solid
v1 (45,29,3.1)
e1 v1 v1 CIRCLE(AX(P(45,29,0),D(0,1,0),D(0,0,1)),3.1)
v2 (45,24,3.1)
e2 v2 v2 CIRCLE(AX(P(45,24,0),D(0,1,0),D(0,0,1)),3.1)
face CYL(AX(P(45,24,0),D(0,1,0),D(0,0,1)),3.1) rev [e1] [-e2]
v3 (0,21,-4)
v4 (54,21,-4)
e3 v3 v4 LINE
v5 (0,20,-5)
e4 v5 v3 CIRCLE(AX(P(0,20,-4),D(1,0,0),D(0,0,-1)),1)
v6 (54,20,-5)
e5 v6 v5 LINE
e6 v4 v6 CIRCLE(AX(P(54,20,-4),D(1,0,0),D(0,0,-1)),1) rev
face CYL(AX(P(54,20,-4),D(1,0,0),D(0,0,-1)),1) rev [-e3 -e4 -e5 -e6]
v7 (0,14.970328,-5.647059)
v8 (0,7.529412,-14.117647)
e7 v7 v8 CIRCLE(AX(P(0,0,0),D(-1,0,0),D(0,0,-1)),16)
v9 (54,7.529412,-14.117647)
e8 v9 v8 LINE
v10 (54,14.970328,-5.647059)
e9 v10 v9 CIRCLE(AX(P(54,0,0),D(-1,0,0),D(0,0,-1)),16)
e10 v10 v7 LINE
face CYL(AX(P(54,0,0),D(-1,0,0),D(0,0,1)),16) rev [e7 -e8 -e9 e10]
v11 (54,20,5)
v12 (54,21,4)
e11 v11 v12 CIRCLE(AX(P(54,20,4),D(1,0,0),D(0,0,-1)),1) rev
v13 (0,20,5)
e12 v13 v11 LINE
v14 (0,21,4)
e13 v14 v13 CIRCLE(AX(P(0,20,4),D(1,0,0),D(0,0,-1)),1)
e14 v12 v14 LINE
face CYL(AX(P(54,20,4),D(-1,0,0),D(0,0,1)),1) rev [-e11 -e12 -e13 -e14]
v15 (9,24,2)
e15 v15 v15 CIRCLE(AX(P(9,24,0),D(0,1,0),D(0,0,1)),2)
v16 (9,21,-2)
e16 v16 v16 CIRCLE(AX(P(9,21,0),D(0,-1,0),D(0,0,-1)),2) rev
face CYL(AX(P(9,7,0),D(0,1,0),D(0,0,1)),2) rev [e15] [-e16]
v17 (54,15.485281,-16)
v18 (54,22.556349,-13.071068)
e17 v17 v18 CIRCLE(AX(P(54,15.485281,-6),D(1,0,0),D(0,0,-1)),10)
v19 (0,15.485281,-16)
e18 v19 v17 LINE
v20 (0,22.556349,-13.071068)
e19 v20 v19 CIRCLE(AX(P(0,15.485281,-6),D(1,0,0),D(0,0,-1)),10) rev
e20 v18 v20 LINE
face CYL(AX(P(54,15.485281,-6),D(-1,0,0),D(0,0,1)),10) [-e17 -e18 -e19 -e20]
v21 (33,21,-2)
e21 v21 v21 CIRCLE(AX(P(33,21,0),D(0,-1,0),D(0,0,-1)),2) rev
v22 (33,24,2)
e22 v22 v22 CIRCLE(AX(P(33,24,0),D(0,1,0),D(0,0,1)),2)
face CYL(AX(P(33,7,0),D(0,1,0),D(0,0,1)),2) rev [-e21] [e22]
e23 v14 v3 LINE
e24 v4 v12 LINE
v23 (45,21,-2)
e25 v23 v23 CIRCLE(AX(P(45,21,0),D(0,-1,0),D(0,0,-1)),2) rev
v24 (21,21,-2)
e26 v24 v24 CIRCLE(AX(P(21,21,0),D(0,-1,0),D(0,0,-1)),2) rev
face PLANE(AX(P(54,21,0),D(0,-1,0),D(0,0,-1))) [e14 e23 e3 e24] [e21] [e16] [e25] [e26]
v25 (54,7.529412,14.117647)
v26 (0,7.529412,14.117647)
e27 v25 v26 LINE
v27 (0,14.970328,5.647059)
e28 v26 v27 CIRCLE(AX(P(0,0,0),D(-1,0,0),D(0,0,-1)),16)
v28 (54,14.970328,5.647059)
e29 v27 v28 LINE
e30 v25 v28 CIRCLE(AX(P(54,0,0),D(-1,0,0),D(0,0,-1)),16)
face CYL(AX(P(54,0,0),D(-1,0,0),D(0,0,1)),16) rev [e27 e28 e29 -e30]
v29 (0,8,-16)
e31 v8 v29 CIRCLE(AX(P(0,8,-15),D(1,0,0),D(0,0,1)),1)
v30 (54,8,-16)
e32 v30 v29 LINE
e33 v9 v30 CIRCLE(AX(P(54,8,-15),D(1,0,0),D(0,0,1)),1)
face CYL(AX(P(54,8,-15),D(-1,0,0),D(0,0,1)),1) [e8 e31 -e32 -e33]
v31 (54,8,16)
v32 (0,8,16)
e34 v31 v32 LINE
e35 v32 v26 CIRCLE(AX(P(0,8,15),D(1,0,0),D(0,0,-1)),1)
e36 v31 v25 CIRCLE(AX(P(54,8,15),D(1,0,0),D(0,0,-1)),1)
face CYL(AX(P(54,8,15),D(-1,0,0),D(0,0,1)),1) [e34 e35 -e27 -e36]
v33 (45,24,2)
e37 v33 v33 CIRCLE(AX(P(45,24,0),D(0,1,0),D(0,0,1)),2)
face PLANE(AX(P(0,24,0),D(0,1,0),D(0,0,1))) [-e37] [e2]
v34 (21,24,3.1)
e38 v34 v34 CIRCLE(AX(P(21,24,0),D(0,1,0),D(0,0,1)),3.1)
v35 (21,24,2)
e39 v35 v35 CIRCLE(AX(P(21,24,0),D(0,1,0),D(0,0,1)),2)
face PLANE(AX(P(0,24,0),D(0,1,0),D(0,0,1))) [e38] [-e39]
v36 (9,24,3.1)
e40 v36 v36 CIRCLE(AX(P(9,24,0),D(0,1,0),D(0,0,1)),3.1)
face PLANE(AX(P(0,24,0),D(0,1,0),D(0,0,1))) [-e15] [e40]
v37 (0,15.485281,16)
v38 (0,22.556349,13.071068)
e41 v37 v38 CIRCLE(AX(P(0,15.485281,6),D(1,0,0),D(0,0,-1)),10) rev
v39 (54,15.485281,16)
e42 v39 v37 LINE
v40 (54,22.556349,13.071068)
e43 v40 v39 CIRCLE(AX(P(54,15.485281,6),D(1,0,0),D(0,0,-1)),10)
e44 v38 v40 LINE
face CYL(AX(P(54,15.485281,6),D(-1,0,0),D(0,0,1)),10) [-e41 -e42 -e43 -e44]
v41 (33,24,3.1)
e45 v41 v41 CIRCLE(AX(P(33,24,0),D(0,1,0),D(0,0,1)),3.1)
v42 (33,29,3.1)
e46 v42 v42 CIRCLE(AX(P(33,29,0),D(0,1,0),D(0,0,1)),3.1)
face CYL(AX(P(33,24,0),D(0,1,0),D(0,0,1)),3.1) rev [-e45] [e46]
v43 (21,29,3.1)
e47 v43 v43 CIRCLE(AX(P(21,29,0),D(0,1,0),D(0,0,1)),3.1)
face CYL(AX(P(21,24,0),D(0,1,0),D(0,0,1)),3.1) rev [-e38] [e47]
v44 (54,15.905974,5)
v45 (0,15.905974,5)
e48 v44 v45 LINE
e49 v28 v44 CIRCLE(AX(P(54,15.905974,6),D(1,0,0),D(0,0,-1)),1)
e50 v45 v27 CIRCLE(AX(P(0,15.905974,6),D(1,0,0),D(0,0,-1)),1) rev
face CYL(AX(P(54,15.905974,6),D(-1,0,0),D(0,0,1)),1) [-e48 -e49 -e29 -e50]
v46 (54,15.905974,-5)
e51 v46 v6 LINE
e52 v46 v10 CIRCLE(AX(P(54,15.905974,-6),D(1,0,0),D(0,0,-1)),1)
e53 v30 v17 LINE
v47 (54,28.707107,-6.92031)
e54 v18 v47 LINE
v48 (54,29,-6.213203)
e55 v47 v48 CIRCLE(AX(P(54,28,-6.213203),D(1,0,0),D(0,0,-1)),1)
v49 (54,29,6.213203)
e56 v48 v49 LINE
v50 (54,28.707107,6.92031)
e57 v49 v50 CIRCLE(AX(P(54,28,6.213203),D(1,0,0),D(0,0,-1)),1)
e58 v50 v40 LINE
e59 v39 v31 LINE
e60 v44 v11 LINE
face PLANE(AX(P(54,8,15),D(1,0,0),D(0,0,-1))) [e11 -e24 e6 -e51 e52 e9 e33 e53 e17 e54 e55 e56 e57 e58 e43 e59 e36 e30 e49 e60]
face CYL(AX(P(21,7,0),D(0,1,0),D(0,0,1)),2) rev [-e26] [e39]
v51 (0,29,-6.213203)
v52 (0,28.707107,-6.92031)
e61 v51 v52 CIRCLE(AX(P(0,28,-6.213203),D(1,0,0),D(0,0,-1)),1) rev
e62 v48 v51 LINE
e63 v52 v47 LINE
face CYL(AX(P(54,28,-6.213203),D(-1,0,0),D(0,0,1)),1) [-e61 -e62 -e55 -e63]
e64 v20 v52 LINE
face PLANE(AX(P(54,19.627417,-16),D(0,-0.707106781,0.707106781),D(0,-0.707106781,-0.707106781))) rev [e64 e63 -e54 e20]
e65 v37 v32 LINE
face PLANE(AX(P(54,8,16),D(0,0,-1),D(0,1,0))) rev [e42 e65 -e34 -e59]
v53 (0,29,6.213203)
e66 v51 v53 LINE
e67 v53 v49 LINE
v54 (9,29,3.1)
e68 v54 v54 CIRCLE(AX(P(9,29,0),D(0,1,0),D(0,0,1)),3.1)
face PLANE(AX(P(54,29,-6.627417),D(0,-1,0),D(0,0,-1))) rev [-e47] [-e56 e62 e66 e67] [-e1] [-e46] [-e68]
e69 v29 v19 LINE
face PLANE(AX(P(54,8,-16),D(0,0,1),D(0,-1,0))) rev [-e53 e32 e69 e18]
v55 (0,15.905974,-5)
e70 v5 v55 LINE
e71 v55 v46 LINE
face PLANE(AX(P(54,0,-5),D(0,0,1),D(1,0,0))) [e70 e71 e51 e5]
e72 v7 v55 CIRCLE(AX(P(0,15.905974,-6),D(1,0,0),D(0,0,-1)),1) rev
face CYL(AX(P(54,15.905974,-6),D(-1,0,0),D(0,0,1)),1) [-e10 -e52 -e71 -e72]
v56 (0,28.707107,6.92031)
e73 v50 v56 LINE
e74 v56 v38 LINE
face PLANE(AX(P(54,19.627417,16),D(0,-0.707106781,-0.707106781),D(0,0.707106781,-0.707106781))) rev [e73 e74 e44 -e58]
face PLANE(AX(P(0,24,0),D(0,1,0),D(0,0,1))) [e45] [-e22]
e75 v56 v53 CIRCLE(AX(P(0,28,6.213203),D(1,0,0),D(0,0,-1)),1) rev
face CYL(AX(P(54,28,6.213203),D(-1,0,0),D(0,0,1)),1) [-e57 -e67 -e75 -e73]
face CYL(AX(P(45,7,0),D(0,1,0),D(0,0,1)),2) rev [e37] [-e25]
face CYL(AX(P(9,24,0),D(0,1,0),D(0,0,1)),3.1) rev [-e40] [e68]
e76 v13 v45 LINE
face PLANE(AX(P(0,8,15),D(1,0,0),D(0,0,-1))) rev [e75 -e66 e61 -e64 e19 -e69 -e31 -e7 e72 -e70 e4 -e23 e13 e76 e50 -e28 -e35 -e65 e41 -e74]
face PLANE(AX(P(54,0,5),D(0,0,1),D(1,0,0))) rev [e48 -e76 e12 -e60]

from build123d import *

# Parameters (mm, degrees)
BOSS_EXTRUDE1_DEPTH     = 54
CUT_EXTRUDE1_DEPTH      = 61.464865831
CUT_EXTRUDE1_DEPTH_BACK = 61.464865831
SKETCH2_R               = 2
SKETCH2_4_R             = 3.1
SKETCH2_4_R_2           = 2
CUT_EXTRUDE2_DEPTH      = 5
CUT_EXTRUDE7_DEPTH      = 64.348243944
CUT_EXTRUDE7_DEPTH_BACK = 64.348243944
FILLET1_R               = 1
FILLET2_R               = 10


with BuildPart() as part:
    # Sketch1 → Boss-Extrude1 (new body)
    with BuildSketch(Plane(origin=(0, 0, 0), x_dir=(0, 0, -1), z_dir=(1, 0, 0))):
        with BuildLine():
            Line((16, 8), (16, 19.627416998))
            Line((16, 19.627416998), (6.627416998, 29))
            Line((6.627416998, 29), (-6.627416998, 29))
            Line((-6.627416998, 29), (-16, 19.627416998))
            Line((-16, 19.627416998), (-16, 8))
            ThreePointArc((-16, 8), (-15.242535625, 7.0298575), (-14.117647059, 7.529411765))
            ThreePointArc((-14.117647059, 7.529411765), (0, 16), (14.117647059, 7.529411765))
            ThreePointArc((14.117647059, 7.529411765), (15.242535625, 7.0298575), (16, 8))
        make_face()
    extrude(amount=BOSS_EXTRUDE1_DEPTH)

    # Sketch2 → Cut-Extrude1 (cut, two sides: drawn at the far end of the back side and taken through both)
    with BuildSketch(Plane(origin=(0, 29, 0), x_dir=(1, 0, 0), z_dir=(0, 1, 0)).offset(-CUT_EXTRUDE1_DEPTH_BACK)):
        with Locations((9, 0)):
            Circle(SKETCH2_R)
        with Locations((21, 0)):
            Circle(SKETCH2_R)
        with Locations((33, 0)):
            Circle(SKETCH2_R)
        with Locations((45, 0)):
            Circle(SKETCH2_R)
    extrude(amount=CUT_EXTRUDE1_DEPTH + CUT_EXTRUDE1_DEPTH_BACK, mode=Mode.SUBTRACT)

    # Sketch2<4> → Cut-Extrude2 (cut)
    # profile 1 of 4: a face of its own
    with BuildSketch(Plane(origin=(0, 29, 0), x_dir=(1, 0, 0), z_dir=(0, 1, 0))):
        with Locations((9, 0)):
            Circle(SKETCH2_4_R)
        with Locations((9, 0)):
            Circle(SKETCH2_4_R_2, mode=Mode.SUBTRACT)
    # profile 2 of 4: a face of its own
    with BuildSketch(Plane(origin=(0, 29, 0), x_dir=(1, 0, 0), z_dir=(0, 1, 0))):
        with Locations((21, 0)):
            Circle(SKETCH2_4_R)
        with Locations((21, 0)):
            Circle(SKETCH2_4_R_2, mode=Mode.SUBTRACT)
    # profile 3 of 4: a face of its own
    with BuildSketch(Plane(origin=(0, 29, 0), x_dir=(1, 0, 0), z_dir=(0, 1, 0))):
        with Locations((33, 0)):
            Circle(SKETCH2_4_R)
        with Locations((33, 0)):
            Circle(SKETCH2_4_R_2, mode=Mode.SUBTRACT)
    # profile 4 of 4: a face of its own
    with BuildSketch(Plane(origin=(0, 29, 0), x_dir=(1, 0, 0), z_dir=(0, 1, 0))):
        with Locations((45, 0)):
            Circle(SKETCH2_4_R)
        with Locations((45, 0)):
            Circle(SKETCH2_4_R_2, mode=Mode.SUBTRACT)
    extrude(amount=-CUT_EXTRUDE2_DEPTH, mode=Mode.SUBTRACT)

    # Sketch4 → Cut-Extrude7 (cut, two sides: drawn at the far end of the back side and taken through both)
    with BuildSketch(Plane.ZY.offset(-CUT_EXTRUDE7_DEPTH_BACK)):
        with BuildLine():
            Line((-5, 21), (-5, 15.198684154))
            ThreePointArc((-5, 15.198684154), (0, 16), (5, 15.198684154))
            Line((5, 15.198684154), (5, 21))
            Line((5, 21), (-5, 21))
        make_face()
    extrude(amount=CUT_EXTRUDE7_DEPTH + CUT_EXTRUDE7_DEPTH_BACK, mode=Mode.SUBTRACT)

    # Fillet1
    fillet1_edges = [part.edges().sort_by_distance(p)[0] for p in [
        (27, 15.198684154, -5),
        (27, 21, -5),
        (27, 15.198684154, 5),
        (27, 21, 5),
        (27, 29, -6.627416998),
        (27, 29, 6.627416998),
    ]]
    fillet(fillet1_edges, radius=FILLET1_R)

    # Fillet2
    fillet2_edges = [part.edges().sort_by_distance(p)[0] for p in [
        (27, 19.627416998, -16),
        (27, 19.627416998, 16),
    ]]
    fillet(fillet2_edges, radius=FILLET2_R)


solid = part.part
